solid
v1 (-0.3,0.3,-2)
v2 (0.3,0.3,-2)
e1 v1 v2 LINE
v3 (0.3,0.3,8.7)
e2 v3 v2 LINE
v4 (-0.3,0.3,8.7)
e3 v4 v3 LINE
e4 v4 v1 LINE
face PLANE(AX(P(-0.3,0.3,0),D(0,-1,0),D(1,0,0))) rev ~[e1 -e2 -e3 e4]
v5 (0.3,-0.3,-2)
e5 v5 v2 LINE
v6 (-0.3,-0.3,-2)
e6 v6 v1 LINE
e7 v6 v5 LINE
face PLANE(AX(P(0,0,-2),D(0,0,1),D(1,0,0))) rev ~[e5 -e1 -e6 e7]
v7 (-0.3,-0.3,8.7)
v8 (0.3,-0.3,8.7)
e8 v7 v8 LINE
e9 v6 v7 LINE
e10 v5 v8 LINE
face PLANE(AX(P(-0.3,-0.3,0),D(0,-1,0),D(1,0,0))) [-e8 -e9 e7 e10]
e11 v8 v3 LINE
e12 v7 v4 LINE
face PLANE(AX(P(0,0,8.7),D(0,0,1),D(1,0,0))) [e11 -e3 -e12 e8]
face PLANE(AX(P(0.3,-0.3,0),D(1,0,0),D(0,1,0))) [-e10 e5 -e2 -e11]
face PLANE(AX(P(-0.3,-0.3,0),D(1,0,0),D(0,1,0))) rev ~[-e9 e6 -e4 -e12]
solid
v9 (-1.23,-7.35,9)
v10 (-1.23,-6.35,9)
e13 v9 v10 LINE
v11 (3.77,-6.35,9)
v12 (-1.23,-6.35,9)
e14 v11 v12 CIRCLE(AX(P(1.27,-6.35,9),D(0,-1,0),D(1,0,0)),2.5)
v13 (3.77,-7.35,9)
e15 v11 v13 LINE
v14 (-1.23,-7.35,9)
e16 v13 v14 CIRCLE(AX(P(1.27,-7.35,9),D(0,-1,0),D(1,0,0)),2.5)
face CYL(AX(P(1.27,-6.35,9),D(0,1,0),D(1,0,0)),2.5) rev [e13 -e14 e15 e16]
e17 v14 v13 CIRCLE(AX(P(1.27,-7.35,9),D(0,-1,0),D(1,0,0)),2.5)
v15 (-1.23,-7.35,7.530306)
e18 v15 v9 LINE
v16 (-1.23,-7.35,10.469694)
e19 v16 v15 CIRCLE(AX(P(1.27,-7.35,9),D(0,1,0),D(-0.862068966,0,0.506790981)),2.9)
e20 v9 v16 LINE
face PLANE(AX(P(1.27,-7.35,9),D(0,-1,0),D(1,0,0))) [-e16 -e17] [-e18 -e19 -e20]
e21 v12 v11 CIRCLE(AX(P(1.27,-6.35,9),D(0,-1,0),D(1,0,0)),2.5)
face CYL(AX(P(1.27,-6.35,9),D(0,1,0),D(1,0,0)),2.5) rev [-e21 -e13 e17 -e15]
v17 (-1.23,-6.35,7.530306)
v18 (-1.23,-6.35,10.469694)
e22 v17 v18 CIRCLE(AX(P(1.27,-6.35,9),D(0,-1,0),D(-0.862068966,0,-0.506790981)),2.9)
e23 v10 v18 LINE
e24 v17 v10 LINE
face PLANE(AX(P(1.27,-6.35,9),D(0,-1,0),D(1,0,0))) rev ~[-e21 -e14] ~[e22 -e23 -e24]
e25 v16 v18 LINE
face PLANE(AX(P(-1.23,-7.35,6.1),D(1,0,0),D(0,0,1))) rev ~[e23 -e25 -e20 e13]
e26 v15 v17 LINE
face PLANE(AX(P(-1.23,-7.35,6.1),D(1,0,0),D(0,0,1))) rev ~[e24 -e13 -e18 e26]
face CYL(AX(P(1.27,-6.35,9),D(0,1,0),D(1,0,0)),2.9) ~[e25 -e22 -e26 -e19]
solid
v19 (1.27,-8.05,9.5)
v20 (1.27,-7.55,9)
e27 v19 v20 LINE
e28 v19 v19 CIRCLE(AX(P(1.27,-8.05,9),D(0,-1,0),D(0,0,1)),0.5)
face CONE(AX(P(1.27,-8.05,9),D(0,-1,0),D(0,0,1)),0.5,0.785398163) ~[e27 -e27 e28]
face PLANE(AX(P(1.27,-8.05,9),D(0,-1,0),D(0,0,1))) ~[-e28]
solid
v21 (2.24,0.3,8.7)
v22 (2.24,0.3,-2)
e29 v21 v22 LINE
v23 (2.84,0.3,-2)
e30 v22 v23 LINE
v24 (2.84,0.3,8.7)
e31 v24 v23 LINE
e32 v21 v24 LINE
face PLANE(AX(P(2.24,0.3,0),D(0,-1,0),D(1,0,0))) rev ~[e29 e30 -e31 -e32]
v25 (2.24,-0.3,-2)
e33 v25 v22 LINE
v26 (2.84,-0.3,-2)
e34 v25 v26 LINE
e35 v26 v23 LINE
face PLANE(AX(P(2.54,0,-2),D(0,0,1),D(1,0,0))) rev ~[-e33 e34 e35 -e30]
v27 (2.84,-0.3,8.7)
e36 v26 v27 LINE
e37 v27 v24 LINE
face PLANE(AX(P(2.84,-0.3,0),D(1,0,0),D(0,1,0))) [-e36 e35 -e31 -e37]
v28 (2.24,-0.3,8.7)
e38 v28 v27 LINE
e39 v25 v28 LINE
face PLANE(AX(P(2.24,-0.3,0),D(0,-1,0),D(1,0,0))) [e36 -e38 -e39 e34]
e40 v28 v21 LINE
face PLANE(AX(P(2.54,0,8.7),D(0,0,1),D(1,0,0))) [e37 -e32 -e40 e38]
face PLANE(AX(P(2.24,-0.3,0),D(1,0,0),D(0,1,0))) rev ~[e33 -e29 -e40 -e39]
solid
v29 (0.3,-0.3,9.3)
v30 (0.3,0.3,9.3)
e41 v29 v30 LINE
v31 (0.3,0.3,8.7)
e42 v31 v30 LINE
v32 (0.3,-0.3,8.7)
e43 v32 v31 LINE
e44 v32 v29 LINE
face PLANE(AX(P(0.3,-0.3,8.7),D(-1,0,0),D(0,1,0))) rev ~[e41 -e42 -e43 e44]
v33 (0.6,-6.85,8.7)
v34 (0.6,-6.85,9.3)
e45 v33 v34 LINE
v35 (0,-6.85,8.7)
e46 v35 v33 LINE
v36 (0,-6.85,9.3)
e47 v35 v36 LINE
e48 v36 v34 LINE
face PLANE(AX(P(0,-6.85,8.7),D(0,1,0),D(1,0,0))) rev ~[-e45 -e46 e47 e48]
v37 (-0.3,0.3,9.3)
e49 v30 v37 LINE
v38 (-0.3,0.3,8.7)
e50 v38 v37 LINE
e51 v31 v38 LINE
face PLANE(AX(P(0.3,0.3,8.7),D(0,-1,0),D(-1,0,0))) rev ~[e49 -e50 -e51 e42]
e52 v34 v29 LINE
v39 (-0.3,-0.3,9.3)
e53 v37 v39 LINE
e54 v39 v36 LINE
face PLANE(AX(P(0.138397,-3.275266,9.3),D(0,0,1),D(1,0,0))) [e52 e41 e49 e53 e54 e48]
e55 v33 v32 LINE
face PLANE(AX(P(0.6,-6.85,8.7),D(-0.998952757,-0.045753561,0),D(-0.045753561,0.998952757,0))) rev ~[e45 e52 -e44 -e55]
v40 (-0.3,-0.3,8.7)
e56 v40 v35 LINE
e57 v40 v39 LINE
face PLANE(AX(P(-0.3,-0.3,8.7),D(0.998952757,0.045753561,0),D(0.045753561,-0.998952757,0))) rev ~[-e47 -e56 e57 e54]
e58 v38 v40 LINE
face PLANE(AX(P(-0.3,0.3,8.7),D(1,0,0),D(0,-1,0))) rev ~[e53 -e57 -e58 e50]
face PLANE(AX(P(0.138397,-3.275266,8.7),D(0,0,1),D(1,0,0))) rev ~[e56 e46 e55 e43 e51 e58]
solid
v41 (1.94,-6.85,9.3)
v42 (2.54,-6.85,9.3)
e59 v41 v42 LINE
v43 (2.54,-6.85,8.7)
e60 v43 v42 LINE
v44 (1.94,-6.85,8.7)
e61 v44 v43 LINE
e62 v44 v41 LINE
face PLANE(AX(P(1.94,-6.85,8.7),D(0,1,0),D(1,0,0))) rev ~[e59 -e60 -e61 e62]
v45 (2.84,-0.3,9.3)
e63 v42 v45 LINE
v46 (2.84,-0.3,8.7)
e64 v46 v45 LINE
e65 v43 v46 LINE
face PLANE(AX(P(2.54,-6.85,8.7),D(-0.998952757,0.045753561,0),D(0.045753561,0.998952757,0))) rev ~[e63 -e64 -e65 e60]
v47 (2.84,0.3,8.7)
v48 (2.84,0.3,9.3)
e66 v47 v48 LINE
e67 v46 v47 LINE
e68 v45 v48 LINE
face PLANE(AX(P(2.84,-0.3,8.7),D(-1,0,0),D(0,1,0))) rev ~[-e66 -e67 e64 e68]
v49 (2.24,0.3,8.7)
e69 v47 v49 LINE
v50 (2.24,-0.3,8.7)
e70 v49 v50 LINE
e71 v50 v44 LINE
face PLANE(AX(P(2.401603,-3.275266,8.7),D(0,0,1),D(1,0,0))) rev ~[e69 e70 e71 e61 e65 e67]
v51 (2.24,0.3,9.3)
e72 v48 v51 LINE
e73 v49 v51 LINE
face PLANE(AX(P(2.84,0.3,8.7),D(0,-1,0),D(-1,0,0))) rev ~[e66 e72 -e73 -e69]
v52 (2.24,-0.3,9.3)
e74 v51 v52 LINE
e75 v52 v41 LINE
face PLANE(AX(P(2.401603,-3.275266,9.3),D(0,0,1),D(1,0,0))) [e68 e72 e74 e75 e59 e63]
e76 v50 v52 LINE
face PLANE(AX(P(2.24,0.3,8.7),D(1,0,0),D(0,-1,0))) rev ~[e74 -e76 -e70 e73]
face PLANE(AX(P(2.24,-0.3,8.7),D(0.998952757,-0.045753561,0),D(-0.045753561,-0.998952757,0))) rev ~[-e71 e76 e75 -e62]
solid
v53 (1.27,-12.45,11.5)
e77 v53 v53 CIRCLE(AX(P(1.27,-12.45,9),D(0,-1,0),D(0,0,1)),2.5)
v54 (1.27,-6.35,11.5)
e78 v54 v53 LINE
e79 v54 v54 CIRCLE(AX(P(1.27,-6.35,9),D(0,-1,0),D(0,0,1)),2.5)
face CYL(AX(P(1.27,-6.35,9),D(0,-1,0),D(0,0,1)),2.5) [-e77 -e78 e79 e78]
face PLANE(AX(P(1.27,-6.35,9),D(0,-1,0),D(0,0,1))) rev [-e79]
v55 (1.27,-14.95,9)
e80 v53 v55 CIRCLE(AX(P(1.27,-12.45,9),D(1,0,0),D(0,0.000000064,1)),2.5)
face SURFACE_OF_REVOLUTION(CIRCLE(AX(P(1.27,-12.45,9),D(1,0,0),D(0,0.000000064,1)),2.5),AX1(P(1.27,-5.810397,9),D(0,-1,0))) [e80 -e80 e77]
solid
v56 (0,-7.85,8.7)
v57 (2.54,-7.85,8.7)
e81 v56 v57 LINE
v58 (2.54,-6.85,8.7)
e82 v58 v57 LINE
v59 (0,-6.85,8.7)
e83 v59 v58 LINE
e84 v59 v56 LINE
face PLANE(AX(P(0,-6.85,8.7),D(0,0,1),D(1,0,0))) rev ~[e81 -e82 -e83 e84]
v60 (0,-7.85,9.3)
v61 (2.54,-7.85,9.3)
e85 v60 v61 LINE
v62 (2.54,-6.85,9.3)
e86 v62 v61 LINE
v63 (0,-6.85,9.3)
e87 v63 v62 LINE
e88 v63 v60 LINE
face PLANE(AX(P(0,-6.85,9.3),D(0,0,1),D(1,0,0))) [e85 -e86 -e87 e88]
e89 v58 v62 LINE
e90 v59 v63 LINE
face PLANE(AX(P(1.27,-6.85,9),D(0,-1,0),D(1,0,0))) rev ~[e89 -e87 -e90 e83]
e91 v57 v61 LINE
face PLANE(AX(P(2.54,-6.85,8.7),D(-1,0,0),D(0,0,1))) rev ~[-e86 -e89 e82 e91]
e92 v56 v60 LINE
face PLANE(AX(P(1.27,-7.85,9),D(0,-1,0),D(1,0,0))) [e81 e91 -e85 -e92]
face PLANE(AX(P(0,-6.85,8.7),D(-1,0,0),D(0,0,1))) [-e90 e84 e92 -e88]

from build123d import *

# Parameters (mm, degrees)
SKETCH_W       = 0.6
SKETCH_H       = 0.6
PAD_DEPTH      = 8.7
PAD_DEPTH_BACK = 2
PAD001_DEPTH   = 0.6
SKETCH002_W    = 2.54
SKETCH002_H    = 0.6
PAD002_DEPTH   = 1
SKETCH004_R    = 2.9
SKETCH004_R_2  = 2.5
PAD003_DEPTH   = 1
SKETCH006_W    = 0.4
SKETCH006_H    = 5.8
POCKET_DEPTH   = 1.001


with BuildPart() as pad:
    # Sketch → Pad (new body, two sides)
    with BuildSketch(Plane.XY) as pad_sk:
        Rectangle(SKETCH_W, SKETCH_H)
        with Locations((2.54, 0)):
            Rectangle(SKETCH_W, SKETCH_H)
    extrude(amount=PAD_DEPTH)
    extrude(pad_sk.sketch, amount=-PAD_DEPTH_BACK)


with BuildPart() as pad001:
    # Sketch001 → Pad001 (new body)
    with BuildSketch(Plane.XY.offset(8.7)):
        Polygon((0.3, 0.3), (-0.3, 0.3), (-0.3, -0.3), (0, -6.85), (0.6, -6.85), (0.3, -0.3), align=None)
        Polygon((2.84, 0.3), (2.24, 0.3), (2.24, -0.3), (1.94, -6.85), (2.54, -6.85), (2.84, -0.3), align=None)
    extrude(amount=PAD001_DEPTH)


with BuildPart() as pad002:
    # Sketch002 → Pad002 (new body)
    with BuildSketch(Plane.XZ.offset(6.85)):
        with Locations((1.27, 9)):
            Rectangle(SKETCH002_W, SKETCH002_H)
    extrude(amount=PAD002_DEPTH)


with BuildPart() as revolution:
    # Sketch003 → Revolution (revolve)
    with BuildSketch(Plane.YZ.offset(1.27)):
        with BuildLine():
            Line((-6.35, 9), (-14.95, 9))
            ThreePointArc((-12.45, 11.5), (-14.217767, 10.767767), (-14.95, 9))
            Line((-6.35, 11.5), (-12.45, 11.5))
            Line((-6.35, 9), (-6.35, 11.5))
        make_face()
    revolve(axis=Axis((1.27, -5.810397, 9), (0, -1, 0)))


with BuildPart() as revolution001:
    # Sketch005 → Revolution001 (revolve)
    with BuildSketch(Plane.YZ.offset(1.27)):
        Polygon((-7.55, 9), (-8.05, 9), (-8.05, 9.5), align=None)
    revolve(axis=Axis((1.27, -3.977201, 9), (0, -1, 0)))


with BuildPart() as pocket:
    # Sketch004 → Pad003 (new body)
    with BuildSketch(Plane.XZ.offset(6.35)):
        with Locations((1.27, 9)):
            Circle(SKETCH004_R)
        with Locations((1.27, 9)):
            Circle(SKETCH004_R_2, mode=Mode.SUBTRACT)
    extrude(amount=PAD003_DEPTH)

    # Sketch006 → Pocket (cut, through all)
    with BuildSketch(Plane.XZ.offset(7.35)):
        with Locations((-1.43, 9)):
            Rectangle(SKETCH006_W, SKETCH006_H)
    extrude(amount=-POCKET_DEPTH, mode=Mode.SUBTRACT)


solid = Compound([pad.part, pad001.part, pad002.part, revolution.part, revolution001.part, pocket.part])
